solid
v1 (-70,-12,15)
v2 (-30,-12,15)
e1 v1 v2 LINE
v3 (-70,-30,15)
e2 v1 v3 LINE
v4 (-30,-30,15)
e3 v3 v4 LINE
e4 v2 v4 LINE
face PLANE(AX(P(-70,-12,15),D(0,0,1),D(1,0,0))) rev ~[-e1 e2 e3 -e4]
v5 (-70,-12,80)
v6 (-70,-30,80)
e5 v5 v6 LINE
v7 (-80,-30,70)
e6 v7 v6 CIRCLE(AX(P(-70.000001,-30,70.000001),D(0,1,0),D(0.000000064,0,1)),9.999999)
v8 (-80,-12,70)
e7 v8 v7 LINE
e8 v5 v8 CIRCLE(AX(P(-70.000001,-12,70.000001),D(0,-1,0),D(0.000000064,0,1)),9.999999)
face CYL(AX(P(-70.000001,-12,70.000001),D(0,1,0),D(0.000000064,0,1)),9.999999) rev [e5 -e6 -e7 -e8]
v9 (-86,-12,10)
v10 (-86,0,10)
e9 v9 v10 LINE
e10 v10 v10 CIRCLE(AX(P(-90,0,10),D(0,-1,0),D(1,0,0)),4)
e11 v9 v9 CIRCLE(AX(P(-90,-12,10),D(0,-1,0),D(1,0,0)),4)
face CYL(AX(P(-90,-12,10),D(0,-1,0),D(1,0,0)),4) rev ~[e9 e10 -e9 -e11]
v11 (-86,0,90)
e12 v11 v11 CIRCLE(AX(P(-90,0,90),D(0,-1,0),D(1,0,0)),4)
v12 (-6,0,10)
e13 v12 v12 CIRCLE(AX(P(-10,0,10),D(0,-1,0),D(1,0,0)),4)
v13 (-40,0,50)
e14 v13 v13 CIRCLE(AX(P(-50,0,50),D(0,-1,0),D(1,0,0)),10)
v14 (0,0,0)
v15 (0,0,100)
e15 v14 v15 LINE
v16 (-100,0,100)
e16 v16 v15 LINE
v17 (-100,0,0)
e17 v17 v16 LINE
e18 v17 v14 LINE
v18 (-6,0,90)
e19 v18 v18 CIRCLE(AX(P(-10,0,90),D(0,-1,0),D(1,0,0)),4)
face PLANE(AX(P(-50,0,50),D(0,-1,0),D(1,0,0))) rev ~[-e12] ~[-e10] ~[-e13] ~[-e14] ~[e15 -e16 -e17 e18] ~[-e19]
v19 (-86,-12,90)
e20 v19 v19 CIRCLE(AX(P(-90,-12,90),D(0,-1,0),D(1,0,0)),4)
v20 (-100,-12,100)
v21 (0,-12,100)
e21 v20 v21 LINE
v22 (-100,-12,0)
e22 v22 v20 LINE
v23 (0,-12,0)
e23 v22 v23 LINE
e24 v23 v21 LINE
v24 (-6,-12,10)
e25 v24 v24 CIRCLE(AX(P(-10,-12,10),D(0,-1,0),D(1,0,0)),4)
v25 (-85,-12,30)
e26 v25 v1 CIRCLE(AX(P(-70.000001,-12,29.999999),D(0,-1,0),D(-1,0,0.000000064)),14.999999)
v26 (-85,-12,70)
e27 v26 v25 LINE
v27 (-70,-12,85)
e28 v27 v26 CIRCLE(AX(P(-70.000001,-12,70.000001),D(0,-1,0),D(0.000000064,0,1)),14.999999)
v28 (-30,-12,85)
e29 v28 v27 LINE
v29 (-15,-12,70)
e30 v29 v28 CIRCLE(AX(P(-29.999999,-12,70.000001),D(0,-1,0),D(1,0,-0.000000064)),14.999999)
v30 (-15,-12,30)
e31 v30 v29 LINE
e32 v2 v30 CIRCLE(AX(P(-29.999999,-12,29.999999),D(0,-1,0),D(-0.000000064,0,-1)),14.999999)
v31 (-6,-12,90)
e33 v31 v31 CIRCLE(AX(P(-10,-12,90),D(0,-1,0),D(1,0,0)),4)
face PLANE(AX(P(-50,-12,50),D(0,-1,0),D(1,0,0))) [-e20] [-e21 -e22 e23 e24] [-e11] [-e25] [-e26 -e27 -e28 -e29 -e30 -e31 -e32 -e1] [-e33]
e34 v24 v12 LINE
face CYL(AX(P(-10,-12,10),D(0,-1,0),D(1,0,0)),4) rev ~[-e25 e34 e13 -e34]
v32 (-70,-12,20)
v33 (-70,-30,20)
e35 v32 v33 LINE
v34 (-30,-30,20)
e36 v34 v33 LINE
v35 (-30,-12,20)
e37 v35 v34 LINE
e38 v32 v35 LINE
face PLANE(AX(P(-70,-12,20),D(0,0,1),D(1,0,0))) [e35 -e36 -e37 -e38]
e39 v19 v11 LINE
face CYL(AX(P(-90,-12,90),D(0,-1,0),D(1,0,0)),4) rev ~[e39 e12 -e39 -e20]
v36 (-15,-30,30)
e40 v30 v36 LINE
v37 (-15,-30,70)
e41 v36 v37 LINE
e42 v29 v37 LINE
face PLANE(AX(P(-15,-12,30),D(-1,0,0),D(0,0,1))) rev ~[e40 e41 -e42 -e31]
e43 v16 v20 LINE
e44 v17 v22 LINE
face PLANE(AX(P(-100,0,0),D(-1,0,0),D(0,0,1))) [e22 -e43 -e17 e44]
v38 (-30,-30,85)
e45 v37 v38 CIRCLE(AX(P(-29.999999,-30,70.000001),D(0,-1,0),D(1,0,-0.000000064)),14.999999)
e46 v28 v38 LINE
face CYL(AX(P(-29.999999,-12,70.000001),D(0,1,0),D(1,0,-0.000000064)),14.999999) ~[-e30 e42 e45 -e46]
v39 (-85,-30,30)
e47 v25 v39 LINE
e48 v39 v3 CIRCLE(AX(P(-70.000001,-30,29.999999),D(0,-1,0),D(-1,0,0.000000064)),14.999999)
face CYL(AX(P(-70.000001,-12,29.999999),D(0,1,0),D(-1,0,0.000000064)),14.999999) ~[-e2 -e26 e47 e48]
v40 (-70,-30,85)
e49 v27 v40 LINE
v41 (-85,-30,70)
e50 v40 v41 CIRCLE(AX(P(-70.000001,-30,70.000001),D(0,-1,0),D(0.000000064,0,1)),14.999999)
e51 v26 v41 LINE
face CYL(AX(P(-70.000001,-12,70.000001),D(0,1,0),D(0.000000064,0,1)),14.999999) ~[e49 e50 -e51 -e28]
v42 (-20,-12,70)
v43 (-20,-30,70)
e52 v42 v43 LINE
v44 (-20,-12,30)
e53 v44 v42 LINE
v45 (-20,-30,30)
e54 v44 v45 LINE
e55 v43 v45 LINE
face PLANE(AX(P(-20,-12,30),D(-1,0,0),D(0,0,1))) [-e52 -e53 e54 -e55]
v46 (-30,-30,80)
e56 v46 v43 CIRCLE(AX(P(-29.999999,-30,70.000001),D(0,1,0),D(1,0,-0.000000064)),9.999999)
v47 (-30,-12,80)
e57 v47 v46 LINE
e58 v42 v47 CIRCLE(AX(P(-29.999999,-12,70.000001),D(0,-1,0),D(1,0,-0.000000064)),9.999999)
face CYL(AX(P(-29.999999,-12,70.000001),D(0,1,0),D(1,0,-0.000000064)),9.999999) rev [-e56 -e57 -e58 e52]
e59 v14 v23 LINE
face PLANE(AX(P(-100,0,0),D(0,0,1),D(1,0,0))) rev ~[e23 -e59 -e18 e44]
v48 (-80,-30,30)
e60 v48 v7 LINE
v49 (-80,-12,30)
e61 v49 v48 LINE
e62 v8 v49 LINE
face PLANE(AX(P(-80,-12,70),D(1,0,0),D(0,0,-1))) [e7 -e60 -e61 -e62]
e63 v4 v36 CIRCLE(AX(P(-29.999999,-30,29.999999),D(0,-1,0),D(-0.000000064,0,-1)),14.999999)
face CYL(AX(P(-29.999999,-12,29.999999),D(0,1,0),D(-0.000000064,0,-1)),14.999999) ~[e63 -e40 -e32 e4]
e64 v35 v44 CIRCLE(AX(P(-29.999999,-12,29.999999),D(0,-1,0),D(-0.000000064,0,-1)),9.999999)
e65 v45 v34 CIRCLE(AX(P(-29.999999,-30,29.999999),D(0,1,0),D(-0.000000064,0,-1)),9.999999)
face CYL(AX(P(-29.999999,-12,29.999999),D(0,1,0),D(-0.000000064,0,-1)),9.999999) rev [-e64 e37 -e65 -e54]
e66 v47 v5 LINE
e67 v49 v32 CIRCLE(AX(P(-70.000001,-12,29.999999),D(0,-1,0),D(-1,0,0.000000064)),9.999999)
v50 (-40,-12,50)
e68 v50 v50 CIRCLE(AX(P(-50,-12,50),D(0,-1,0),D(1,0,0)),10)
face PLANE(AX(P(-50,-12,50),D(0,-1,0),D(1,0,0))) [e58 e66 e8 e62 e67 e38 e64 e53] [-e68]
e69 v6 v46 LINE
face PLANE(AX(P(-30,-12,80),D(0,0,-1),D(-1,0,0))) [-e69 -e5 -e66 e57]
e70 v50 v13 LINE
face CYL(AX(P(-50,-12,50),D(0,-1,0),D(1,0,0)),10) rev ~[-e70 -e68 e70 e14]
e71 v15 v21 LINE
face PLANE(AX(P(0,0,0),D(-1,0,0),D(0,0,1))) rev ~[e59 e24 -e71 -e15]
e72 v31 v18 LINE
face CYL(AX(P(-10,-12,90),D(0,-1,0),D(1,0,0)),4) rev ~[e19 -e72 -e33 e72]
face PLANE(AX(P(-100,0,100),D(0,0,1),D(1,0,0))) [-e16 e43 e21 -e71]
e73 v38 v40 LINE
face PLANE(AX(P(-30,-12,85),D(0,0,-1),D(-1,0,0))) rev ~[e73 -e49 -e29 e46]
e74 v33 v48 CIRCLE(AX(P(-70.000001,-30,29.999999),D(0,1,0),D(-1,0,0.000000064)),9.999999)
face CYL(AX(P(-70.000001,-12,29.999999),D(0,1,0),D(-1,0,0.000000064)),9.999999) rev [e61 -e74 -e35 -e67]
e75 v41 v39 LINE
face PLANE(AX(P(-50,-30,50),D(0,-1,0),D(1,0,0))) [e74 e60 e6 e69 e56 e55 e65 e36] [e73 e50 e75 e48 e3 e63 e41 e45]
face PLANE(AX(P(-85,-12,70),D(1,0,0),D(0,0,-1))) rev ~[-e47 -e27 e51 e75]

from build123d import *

# Parameters (mm, degrees)
F0_W     = 100
F0_H     = 100
F1_DEPTH = 12
F2_R     = 4
F3_DEPTH = 25
F4_R     = 10
F5_DEPTH = 25
F8_DEPTH = 18
F9_DEPTH = 25


with BuildPart() as f1:
    # F0 (on Front) → F1 (new body)
    with BuildSketch(Plane.XZ):
        with Locations((-50, 50)):
            Rectangle(F0_W, F0_H)
    extrude(amount=F1_DEPTH)

    # F2 (on face) → F3 (cut)
    with BuildSketch(Plane.XZ.offset(12)):
        with Locations((-90, 90)):
            Circle(F2_R)
        with Locations((-10, 90)):
            Circle(F2_R)
        with Locations((-90, 10)):
            Circle(F2_R)
        with Locations((-10, 10)):
            Circle(F2_R)
    extrude(amount=-F3_DEPTH, mode=Mode.SUBTRACT)

    # F4 (on face) → F5 (cut)
    with BuildSketch(Plane.XZ.offset(12)):
        with Locations((-50, 50)):
            Circle(F4_R)
    extrude(amount=-F5_DEPTH, mode=Mode.SUBTRACT)

    # F6 (on face) → F8 (join)
    with BuildSketch(Plane.XZ.offset(12)):
        with BuildLine():
            ThreePointArc((-70, 85), (-80.606602, 80.606602), (-85, 70))
            Line((-85, 70), (-85, 30))
            ThreePointArc((-85, 30), (-80.606602, 19.393398), (-70, 15))
            Line((-70, 15), (-30, 15))
            ThreePointArc((-30, 15), (-19.393398, 19.393398), (-15, 30))
            Line((-15, 30), (-15, 70))
            ThreePointArc((-15, 70), (-19.393398, 80.606602), (-30, 85))
            Line((-30, 85), (-70, 85))
        make_face()
    extrude(amount=F8_DEPTH)

    # F7 (on face) → F9 (cut)
    with BuildSketch(Plane.XZ.offset(12)):
        with BuildLine():
            Line((-30, 80), (-70, 80))
            ThreePointArc((-70, 80), (-77.071068, 77.071068), (-80, 70))
            Line((-80, 70), (-80, 30))
            ThreePointArc((-80, 30), (-77.071068, 22.928932), (-70, 20))
            Line((-70, 20), (-30, 20))
            ThreePointArc((-30, 20), (-22.928932, 22.928932), (-20, 30))
            Line((-20, 30), (-20, 70))
            ThreePointArc((-20, 70), (-22.928932, 77.071068), (-30, 80))
        make_face()
    extrude(amount=F9_DEPTH, mode=Mode.SUBTRACT)


solid = f1.part
